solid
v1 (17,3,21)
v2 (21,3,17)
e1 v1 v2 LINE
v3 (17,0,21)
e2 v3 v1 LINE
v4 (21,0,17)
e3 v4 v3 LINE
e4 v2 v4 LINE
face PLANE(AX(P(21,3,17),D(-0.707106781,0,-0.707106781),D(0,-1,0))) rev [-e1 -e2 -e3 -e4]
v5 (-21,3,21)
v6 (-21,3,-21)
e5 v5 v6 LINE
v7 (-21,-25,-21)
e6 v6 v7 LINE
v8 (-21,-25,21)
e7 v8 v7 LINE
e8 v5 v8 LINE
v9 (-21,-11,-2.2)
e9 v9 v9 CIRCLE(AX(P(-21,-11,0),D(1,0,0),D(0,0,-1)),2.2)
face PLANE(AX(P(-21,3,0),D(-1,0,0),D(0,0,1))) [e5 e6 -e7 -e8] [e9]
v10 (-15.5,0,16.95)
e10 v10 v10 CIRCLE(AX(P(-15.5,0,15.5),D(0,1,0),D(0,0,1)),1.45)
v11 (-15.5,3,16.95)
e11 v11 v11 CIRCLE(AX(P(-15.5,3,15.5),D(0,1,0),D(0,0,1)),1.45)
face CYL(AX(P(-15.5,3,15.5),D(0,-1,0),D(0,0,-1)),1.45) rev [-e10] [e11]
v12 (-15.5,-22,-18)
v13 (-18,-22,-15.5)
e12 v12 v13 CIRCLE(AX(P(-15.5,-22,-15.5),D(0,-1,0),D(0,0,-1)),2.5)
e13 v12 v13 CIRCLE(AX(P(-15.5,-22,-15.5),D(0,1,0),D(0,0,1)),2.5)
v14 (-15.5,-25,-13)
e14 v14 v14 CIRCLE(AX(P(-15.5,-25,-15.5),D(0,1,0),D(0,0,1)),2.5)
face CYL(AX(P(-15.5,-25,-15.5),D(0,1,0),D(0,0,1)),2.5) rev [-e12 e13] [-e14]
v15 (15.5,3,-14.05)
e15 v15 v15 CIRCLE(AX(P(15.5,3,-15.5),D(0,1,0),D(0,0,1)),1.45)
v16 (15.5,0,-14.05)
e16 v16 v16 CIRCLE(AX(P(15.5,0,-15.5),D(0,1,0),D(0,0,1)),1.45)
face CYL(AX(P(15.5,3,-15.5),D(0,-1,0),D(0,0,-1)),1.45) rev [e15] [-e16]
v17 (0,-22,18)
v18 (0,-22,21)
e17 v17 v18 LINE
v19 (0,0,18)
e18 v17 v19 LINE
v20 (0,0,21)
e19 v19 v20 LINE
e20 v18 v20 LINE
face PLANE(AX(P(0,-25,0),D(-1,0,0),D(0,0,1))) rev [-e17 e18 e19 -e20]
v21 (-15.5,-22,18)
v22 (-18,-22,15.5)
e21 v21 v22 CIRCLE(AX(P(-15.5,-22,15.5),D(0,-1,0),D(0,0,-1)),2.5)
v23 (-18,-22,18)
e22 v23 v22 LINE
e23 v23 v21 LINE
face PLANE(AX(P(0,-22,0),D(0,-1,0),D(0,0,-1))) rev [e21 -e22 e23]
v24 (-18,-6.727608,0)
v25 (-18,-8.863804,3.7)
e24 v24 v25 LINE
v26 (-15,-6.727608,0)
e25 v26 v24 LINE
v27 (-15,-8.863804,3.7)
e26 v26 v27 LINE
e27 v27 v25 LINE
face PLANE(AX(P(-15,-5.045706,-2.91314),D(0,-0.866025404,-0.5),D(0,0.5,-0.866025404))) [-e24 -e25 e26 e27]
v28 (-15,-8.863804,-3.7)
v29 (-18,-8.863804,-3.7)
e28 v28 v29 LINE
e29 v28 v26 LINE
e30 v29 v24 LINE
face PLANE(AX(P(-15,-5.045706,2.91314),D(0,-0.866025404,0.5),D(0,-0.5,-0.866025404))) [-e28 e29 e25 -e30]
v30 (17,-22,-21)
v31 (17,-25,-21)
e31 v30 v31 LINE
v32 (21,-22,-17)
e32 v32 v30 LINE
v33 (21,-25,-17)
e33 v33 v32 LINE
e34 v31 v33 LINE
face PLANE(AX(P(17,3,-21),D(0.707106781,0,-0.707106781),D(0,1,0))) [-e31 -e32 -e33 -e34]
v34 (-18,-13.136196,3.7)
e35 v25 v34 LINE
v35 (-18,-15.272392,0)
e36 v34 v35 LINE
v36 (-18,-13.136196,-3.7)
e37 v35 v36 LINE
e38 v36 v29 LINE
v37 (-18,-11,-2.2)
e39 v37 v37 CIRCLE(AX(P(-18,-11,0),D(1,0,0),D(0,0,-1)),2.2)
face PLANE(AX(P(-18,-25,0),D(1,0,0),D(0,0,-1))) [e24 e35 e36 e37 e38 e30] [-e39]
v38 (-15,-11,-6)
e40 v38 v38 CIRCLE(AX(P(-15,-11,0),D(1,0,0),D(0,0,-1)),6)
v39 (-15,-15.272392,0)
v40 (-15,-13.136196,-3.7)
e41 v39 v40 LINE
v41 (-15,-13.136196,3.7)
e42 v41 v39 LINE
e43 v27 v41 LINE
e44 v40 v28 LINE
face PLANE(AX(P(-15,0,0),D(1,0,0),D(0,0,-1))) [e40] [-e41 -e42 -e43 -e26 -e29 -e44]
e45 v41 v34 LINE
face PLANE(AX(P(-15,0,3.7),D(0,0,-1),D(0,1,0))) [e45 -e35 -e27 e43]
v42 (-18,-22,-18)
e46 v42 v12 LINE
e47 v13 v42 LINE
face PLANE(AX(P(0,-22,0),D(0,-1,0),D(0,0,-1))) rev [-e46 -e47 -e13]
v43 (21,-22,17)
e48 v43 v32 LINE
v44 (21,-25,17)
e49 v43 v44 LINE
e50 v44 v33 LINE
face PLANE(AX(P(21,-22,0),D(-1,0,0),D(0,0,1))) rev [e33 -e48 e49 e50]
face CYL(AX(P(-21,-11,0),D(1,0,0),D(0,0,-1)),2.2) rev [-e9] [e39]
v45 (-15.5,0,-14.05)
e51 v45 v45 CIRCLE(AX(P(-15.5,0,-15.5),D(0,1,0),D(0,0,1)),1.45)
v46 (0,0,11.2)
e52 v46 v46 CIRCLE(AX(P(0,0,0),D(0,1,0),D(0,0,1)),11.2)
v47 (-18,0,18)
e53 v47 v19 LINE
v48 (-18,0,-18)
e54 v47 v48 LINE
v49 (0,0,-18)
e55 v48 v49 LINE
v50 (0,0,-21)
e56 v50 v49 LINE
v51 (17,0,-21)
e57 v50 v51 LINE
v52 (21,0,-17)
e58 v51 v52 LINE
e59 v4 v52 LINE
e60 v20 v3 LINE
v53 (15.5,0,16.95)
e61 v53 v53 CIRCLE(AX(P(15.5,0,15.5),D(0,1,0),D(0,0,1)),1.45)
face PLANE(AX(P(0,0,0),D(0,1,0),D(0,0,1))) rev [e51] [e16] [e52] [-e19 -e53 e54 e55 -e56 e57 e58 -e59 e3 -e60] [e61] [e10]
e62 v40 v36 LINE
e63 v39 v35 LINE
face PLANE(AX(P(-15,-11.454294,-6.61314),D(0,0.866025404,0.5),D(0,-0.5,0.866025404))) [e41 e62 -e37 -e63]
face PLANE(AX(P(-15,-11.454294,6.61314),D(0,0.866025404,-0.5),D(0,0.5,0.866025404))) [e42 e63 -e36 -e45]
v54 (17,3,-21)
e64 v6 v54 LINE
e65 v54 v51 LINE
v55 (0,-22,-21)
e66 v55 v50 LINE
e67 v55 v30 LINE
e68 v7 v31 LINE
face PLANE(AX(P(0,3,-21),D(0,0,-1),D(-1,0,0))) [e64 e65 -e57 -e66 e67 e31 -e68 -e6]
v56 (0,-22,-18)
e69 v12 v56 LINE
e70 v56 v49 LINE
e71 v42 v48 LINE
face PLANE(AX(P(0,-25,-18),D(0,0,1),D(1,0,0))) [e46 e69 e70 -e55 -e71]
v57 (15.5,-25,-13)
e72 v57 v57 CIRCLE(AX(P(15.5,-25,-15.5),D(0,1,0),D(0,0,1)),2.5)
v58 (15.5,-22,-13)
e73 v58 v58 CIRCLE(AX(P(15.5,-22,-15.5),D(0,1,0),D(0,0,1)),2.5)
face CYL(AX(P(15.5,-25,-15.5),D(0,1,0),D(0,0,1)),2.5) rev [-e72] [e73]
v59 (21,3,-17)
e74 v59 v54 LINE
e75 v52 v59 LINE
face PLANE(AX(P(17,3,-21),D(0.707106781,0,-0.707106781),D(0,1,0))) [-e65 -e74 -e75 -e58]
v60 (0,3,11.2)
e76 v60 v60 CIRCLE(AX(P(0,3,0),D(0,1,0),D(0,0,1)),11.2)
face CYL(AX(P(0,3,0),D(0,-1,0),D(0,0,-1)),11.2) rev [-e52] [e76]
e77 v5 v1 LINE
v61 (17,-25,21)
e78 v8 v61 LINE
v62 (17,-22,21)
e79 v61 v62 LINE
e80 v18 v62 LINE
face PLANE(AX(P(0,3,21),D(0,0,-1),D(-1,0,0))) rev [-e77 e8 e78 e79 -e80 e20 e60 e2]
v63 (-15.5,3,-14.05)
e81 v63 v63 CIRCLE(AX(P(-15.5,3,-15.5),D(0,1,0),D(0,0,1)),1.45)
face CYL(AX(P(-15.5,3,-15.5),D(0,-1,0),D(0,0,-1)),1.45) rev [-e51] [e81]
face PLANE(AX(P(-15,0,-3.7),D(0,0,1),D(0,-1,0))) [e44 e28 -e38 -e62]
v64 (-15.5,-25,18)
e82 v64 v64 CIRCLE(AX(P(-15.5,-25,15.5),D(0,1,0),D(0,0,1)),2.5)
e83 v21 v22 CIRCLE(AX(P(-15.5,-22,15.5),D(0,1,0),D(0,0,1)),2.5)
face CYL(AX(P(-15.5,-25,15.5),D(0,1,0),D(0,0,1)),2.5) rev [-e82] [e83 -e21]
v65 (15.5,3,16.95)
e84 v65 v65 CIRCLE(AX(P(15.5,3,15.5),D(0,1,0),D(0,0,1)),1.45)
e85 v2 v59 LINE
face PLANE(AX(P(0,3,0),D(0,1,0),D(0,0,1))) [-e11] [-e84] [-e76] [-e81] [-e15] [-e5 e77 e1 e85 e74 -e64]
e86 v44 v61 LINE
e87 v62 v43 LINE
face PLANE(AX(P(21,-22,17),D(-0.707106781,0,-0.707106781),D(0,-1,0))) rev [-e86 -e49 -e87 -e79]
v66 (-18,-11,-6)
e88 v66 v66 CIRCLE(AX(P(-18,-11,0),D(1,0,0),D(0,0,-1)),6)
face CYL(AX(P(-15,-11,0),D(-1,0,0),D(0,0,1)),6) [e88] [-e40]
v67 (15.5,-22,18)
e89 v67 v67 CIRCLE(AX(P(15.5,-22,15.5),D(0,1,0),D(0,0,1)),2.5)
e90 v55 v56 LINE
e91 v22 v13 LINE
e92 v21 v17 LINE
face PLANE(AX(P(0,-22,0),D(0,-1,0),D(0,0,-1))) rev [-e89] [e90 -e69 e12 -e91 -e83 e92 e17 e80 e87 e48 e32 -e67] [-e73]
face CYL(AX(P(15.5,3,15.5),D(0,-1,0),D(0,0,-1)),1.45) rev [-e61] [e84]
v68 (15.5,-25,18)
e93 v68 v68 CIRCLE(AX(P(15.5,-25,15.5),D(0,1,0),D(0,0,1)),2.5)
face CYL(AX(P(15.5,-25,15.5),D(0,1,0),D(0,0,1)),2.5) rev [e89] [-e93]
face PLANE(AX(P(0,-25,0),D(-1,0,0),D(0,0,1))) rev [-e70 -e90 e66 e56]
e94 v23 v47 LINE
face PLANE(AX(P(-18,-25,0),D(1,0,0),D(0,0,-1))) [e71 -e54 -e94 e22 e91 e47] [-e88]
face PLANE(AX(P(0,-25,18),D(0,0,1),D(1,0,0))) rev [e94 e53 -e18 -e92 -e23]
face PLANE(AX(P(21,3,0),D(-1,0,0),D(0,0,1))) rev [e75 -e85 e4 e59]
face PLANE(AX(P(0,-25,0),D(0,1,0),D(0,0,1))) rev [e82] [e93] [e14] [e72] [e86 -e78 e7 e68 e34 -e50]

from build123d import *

# Parameters (mm, degrees)
SKETCH1_W           = 42
SKETCH1_H           = 42
SKETCH1_W_2         = 36
SKETCH1_H_2         = 36
SKETCH1_R           = 1.45
SKETCH1_R_2         = 11.2
BOSS_EXTRUDE1_DEPTH = 3
BOSS_EXTRUDE2_DEPTH = 25
BOSS_EXTRUDE3_START = -25
SKETCH1_4_W         = 36
SKETCH1_4_H         = 36
SKETCH1_4_R         = 1.45
SKETCH1_4_R_2       = 11.2
BOSS_EXTRUDE3_DEPTH = 3
SKETCH3_R           = 2.2
CUT_EXTRUDE1_DEPTH  = 51.862559904
SKETCH3_3_R         = 6
BOSS_EXTRUDE4_DEPTH = 3
SKETCH2_R           = 2.5
CUT_EXTRUDE2_DEPTH  = 39.820097888
CHAMFER1_SIZE       = 4


with BuildPart() as part:
    # Sketch1 → Boss-Extrude1 (new body)
    # profile 1 of 3: a face of its own
    with BuildSketch(Plane(origin=(0, 0, 0), x_dir=(1, 0, 0), z_dir=(0, 1, 0))):
        Rectangle(SKETCH1_W, SKETCH1_H)
        Rectangle(SKETCH1_W_2, SKETCH1_H_2, mode=Mode.SUBTRACT)
    # profile 2 of 3: a face of its own
    with BuildSketch(Plane(origin=(0, 0, 0), x_dir=(1, 0, 0), z_dir=(0, 1, 0))):
        Rectangle(SKETCH1_W_2, SKETCH1_H_2)
        with Locations(Location((-15.5, -15.5, 0), (0, 0, 270))):
            Circle(SKETCH1_R, mode=Mode.SUBTRACT)
        with Locations(Location((15.5, -15.5, 0), (0, 0, 270))):
            Circle(SKETCH1_R, mode=Mode.SUBTRACT)
        with Locations(Location((15.5, 15.5, 0), (0, 0, 270))):
            Circle(SKETCH1_R, mode=Mode.SUBTRACT)
        with Locations(Location((-15.5, 15.5, 0), (0, 0, 270))):
            Circle(SKETCH1_R, mode=Mode.SUBTRACT)
        with Locations(Location((0, 0, 0), (0, 0, 270))):
            Circle(SKETCH1_R_2, mode=Mode.SUBTRACT)
    # profile 3 of 3: a face of its own
    with BuildSketch(Plane(origin=(0, 0, 0), x_dir=(1, 0, 0), z_dir=(0, 1, 0))):
        Polygon((0, 18), (0, 21), (-21, 21), (-21, -21), (0, -21), (0, -18), (-18, -18), (-18, 18), align=None)
    extrude(amount=BOSS_EXTRUDE1_DEPTH)

    # Sketch1<3> → Boss-Extrude2 (add)
    with BuildSketch(Plane(origin=(0, 0, 0), x_dir=(1, 0, 0), z_dir=(0, 1, 0))):
        Polygon((0, 18), (0, 21), (-21, 21), (-21, -21), (0, -21), (0, -18), (-18, -18), (-18, 18), align=None)
    extrude(amount=-BOSS_EXTRUDE2_DEPTH)

    # Sketch1<4> → Boss-Extrude3 (add)
    # profile 1 of 8: a face of its own
    with BuildSketch(Plane(origin=(0, 0, 0), x_dir=(1, 0, 0), z_dir=(0, 1, 0)).offset(BOSS_EXTRUDE3_START)):
        Polygon((0, 18), (0, 21), (-21, 21), (-21, -21), (0, -21), (0, -18), (-18, -18), (-18, 18), align=None)
    # profile 2 of 8: a face of its own
    with BuildSketch(Plane(origin=(0, 0, 0), x_dir=(1, 0, 0), z_dir=(0, 1, 0)).offset(BOSS_EXTRUDE3_START)):
        Polygon((21, 21), (0, 21), (0, 18), (18, 18), (18, -18), (0, -18), (0, -21), (21, -21), align=None)
    # profile 3 of 8: a face of its own
    with BuildSketch(Plane(origin=(0, 0, 0), x_dir=(1, 0, 0), z_dir=(0, 1, 0)).offset(BOSS_EXTRUDE3_START)):
        Rectangle(SKETCH1_4_W, SKETCH1_4_H)
        with Locations(Location((-15.5, -15.5, 0), (0, 0, 270))):
            Circle(SKETCH1_4_R, mode=Mode.SUBTRACT)
        with Locations(Location((15.5, -15.5, 0), (0, 0, 270))):
            Circle(SKETCH1_4_R, mode=Mode.SUBTRACT)
        with Locations(Location((15.5, 15.5, 0), (0, 0, 270))):
            Circle(SKETCH1_4_R, mode=Mode.SUBTRACT)
        with Locations(Location((-15.5, 15.5, 0), (0, 0, 270))):
            Circle(SKETCH1_4_R, mode=Mode.SUBTRACT)
        with Locations(Location((0, 0, 0), (0, 0, 270))):
            Circle(SKETCH1_4_R_2, mode=Mode.SUBTRACT)
    # profile 4 of 8: a face of its own
    with BuildSketch(Plane(origin=(0, 0, 0), x_dir=(1, 0, 0), z_dir=(0, 1, 0)).offset(BOSS_EXTRUDE3_START)):
        with Locations(Location((-15.5, -15.5, 0), (0, 0, 270))):
            Circle(SKETCH1_4_R)
    # profile 5 of 8: a face of its own
    with BuildSketch(Plane(origin=(0, 0, 0), x_dir=(1, 0, 0), z_dir=(0, 1, 0)).offset(BOSS_EXTRUDE3_START)):
        with Locations(Location((15.5, -15.5, 0), (0, 0, 270))):
            Circle(SKETCH1_4_R)
    # profile 6 of 8: a face of its own
    with BuildSketch(Plane(origin=(0, 0, 0), x_dir=(1, 0, 0), z_dir=(0, 1, 0)).offset(BOSS_EXTRUDE3_START)):
        with Locations(Location((0, 0, 0), (0, 0, 270))):
            Circle(SKETCH1_4_R_2)
    # profile 7 of 8: a face of its own
    with BuildSketch(Plane(origin=(0, 0, 0), x_dir=(1, 0, 0), z_dir=(0, 1, 0)).offset(BOSS_EXTRUDE3_START)):
        with Locations(Location((-15.5, 15.5, 0), (0, 0, 270))):
            Circle(SKETCH1_4_R)
    # profile 8 of 8: a face of its own
    with BuildSketch(Plane(origin=(0, 0, 0), x_dir=(1, 0, 0), z_dir=(0, 1, 0)).offset(BOSS_EXTRUDE3_START)):
        with Locations(Location((15.5, 15.5, 0), (0, 0, 270))):
            Circle(SKETCH1_4_R)
    extrude(amount=BOSS_EXTRUDE3_DEPTH)

    # Sketch3 → Cut-Extrude1 (cut, through all)
    with BuildSketch(Plane(origin=(-18, 0, 0), x_dir=(0, 0, -1), z_dir=(1, 0, 0))):
        with Locations((0, -11)):
            Circle(SKETCH3_R)
    extrude(amount=-CUT_EXTRUDE1_DEPTH, mode=Mode.SUBTRACT)

    # Sketch3<3> → Boss-Extrude4 (add)
    with BuildSketch(Plane(origin=(-18, 0, 0), x_dir=(0, 0, -1), z_dir=(1, 0, 0))):
        with Locations((0, -11)):
            Circle(SKETCH3_3_R)
        Polygon((3.7, -8.863804004), (0, -6.727608008), (-3.7, -8.863804004), (-3.7, -13.136195996), (0, -15.272391992), (3.7, -13.136195996), align=None, mode=Mode.SUBTRACT)
    extrude(amount=BOSS_EXTRUDE4_DEPTH)

    # Sketch2 → Cut-Extrude2 (cut, through all)
    with BuildSketch(Plane(origin=(0, -22, 0), x_dir=(1, 0, 0), z_dir=(0, 1, 0))):
        with Locations(Location((15.5, 15.5, 0), (0, 0, 270))):
            Circle(SKETCH2_R)
        with Locations(Location((15.5, -15.5, 0), (0, 0, 270))):
            Circle(SKETCH2_R)
        with Locations(Location((-15.5, -15.5, 0), (0, 0, 270))):
            Circle(SKETCH2_R)
        with Locations(Location((-15.5, 15.5, 0), (0, 0, 270))):
            Circle(SKETCH2_R)
    extrude(amount=-CUT_EXTRUDE2_DEPTH, mode=Mode.SUBTRACT)

    # Chamfer1
    chamfer1_edges = [part.edges().sort_by_distance(p)[0] for p in [
        (21, 1.5, -21),
        (21, 1.5, 21),
        (21, -23.5, -21),
        (21, -23.5, 21),
    ]]
    chamfer(chamfer1_edges, length=CHAMFER1_SIZE)


solid = part.part
